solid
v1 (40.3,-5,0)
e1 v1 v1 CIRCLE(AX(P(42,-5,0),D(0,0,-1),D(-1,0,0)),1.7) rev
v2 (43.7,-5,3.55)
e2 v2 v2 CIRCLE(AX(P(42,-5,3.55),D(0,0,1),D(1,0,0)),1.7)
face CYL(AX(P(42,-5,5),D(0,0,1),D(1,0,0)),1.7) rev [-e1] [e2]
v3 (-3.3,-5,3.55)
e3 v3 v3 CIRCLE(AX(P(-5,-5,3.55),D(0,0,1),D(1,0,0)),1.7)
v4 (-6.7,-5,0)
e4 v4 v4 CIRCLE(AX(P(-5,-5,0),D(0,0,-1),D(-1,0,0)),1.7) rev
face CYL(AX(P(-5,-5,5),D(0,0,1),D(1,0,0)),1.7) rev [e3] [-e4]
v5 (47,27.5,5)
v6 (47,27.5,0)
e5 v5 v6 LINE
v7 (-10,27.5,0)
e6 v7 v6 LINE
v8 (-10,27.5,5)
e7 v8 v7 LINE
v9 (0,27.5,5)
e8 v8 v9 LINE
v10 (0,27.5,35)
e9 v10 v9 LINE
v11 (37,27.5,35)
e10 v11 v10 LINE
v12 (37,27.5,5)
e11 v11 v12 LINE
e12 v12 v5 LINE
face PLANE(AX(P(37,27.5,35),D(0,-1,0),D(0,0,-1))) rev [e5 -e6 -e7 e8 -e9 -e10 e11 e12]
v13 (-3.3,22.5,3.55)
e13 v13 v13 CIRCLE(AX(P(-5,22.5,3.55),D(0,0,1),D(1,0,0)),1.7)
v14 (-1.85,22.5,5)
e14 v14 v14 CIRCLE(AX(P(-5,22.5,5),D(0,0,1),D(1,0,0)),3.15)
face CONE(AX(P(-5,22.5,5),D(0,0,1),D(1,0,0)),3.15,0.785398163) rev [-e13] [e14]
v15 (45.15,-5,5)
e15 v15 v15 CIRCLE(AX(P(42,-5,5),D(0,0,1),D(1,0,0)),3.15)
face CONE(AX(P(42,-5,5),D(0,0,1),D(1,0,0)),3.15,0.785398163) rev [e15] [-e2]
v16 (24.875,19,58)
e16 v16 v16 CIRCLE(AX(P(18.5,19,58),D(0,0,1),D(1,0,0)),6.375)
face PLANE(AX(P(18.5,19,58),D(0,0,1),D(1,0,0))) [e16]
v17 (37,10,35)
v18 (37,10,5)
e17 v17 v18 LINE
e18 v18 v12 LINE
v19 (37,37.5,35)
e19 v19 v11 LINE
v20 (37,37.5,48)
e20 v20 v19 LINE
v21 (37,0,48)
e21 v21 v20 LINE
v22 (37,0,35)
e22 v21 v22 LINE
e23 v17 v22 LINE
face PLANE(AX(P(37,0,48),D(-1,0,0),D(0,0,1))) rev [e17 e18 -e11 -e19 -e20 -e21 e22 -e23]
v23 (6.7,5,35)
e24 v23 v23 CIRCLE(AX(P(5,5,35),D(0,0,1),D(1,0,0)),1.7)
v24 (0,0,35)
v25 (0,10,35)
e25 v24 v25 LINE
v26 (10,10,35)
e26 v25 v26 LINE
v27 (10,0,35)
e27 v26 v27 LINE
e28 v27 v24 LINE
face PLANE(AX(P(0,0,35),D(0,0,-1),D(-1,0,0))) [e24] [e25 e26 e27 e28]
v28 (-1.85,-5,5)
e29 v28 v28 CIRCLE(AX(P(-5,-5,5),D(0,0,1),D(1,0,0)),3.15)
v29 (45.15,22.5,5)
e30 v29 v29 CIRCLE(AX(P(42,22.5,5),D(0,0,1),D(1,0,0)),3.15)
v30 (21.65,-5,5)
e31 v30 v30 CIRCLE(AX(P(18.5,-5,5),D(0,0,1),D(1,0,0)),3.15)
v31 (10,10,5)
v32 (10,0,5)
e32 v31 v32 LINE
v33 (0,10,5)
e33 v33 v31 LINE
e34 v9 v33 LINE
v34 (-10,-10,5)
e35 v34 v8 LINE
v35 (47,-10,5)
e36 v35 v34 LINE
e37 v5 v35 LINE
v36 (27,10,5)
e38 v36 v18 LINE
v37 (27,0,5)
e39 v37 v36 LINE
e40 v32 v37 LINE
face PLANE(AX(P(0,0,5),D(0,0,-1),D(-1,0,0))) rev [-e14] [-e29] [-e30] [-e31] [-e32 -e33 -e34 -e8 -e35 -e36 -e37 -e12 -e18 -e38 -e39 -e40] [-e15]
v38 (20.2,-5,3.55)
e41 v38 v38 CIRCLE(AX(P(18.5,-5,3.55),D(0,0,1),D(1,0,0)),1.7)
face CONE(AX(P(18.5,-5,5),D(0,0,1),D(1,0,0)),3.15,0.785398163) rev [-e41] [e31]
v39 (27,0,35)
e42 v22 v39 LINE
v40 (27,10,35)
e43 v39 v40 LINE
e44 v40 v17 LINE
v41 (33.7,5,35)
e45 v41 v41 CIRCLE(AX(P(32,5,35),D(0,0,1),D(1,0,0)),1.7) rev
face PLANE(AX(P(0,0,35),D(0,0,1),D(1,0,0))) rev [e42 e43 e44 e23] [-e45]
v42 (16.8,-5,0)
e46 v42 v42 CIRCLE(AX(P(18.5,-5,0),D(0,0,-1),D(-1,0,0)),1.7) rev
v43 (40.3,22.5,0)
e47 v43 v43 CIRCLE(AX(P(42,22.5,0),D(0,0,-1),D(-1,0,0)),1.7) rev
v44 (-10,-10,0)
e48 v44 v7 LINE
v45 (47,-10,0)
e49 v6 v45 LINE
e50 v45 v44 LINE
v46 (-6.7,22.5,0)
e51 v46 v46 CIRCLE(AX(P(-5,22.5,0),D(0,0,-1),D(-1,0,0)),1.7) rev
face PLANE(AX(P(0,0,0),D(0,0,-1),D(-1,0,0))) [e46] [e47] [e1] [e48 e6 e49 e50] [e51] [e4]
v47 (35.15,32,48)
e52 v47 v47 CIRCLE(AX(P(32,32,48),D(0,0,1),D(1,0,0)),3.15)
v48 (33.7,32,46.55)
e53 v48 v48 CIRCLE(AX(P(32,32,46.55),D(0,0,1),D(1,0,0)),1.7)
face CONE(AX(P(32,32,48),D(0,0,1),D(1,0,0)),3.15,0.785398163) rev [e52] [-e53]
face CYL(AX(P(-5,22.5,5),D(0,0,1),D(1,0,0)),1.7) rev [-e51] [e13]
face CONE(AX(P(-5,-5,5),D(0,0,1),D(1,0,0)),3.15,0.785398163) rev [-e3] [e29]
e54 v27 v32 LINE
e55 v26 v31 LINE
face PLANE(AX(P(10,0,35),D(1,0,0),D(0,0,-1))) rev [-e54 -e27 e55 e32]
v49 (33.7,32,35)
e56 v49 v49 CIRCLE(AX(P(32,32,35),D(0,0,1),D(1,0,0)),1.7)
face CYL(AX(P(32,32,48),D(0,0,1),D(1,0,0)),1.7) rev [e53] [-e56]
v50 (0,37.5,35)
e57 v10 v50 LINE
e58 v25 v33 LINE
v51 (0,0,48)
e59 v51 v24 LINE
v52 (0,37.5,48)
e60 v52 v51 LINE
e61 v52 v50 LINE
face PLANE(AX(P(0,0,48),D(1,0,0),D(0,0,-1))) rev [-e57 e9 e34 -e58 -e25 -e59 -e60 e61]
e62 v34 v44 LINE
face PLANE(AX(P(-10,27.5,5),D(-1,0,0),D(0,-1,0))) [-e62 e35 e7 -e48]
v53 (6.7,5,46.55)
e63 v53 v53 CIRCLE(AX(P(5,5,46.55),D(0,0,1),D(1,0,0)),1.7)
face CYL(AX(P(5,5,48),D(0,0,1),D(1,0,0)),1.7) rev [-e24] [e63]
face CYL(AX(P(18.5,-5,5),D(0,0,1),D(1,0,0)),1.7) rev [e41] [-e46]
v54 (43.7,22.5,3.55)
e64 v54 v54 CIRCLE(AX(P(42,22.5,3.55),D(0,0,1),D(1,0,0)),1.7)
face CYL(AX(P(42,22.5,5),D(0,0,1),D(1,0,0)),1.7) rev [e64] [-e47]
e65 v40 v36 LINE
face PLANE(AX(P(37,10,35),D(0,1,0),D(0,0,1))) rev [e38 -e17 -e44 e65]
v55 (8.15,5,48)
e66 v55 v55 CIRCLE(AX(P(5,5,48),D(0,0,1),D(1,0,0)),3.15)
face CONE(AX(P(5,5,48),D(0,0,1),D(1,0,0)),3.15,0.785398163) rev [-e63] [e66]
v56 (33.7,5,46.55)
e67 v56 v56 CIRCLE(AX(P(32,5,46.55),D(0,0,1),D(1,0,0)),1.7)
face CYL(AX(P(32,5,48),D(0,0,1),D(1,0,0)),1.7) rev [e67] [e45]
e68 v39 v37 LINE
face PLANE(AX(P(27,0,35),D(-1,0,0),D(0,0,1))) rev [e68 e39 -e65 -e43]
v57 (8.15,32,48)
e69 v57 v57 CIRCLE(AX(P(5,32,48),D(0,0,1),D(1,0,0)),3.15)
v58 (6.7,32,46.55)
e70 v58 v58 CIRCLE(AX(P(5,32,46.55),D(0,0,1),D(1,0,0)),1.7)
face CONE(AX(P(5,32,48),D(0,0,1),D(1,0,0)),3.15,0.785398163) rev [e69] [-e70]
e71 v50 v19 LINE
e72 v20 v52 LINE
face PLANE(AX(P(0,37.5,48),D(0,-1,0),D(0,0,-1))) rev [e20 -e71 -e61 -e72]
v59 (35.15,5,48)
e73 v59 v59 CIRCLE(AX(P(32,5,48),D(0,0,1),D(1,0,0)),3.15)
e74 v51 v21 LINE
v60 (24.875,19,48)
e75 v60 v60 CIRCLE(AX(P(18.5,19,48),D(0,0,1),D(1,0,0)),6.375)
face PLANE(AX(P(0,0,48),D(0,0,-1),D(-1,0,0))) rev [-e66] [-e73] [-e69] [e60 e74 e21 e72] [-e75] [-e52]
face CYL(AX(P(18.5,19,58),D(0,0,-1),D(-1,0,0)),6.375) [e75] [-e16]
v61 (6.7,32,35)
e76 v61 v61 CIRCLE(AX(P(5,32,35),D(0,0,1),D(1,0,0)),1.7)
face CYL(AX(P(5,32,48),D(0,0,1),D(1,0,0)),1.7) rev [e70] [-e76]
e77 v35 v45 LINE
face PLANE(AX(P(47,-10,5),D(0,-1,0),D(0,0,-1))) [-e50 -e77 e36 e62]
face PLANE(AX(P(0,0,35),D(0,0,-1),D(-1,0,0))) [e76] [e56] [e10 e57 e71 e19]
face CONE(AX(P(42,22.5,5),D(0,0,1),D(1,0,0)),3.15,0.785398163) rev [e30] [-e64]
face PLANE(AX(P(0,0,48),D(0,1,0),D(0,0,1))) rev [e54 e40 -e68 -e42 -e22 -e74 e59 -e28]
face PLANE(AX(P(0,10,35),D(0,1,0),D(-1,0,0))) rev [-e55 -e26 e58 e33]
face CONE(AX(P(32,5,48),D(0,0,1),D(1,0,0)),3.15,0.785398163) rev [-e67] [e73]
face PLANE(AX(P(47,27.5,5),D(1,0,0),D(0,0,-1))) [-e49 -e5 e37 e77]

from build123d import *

# Parameters (mm, degrees)
ESQUISSE1_W                                       = 37
ESQUISSE1_H                                       = 37.5
BOSS_EXTRU_1_DEPTH                                = 48
ESQUISSE2_R                                       = 6.375
BOSS_EXTRU_2_DEPTH                                = 10
ENL_V_START                                       = -5
ESQUISSE10_W                                      = 10
ESQUISSE10_H                                      = 10
ESQUISSE10_W_2                                    = 37
ENL_V_MAT_EXTRU_1_DEPTH                           = 30
FRAISAGE_POUR_VIS_T_TE_FRAIS_E_BOMB_E_D           = 3.4
FRAISAGE_POUR_VIS_T_TE_FRAIS_E_BOMB_E_DEPTH       = 13
FRAISAGE_POUR_VIS_T_TE_FRAIS_E_BOMB_E_CSINK_D     = 6.3
FRAISAGE_POUR_VIS_T_TE_FRAIS_E_BOMB_E_CSINK_ANGLE = 90
FRAISAGE_POUR_VIS_T_TE_FRAIS_E_BOMB_E_TIP         = 1.021463052
BOSS_EXTRU_5_DEPTH                                = 5
ESQUISSE12_W                                      = 37
ESQUISSE12_H                                      = 10
ENL_V_MAT_EXTRU_2_DEPTH                           = 5
FRAISAGE_POUR_VIS_T_TE_FRAIS_E_BOM_2_D            = 3.4
FRAISAGE_POUR_VIS_T_TE_FRAIS_E_BOM_2_DEPTH        = 5
FRAISAGE_POUR_VIS_T_TE_FRAIS_E_BOM_2_CSINK_D      = 6.3
FRAISAGE_POUR_VIS_T_TE_FRAIS_E_BOM_2_CSINK_ANGLE  = 90
FRAISAGE_POUR_VIS_T_TE_FRAIS_E_BOM_2_TIP          = 1.021463052


with BuildPart() as part:
    # Esquisse1 → Boss.-Extru.1 (new body)
    with BuildSketch(Plane.XY):
        with Locations((18.5, 18.75)):
            Rectangle(ESQUISSE1_W, ESQUISSE1_H)
    extrude(amount=BOSS_EXTRU_1_DEPTH)

    # Esquisse2 → Boss.-Extru.2 (add)
    with BuildSketch(Plane.XY.offset(48)):
        with Locations((18.5, 19)):
            Circle(ESQUISSE2_R)
    extrude(amount=BOSS_EXTRU_2_DEPTH)

    # Esquisse10 → Enlèv. mat.-Extru.1 (cut)
    with BuildSketch(Plane(origin=(0, 0, 0), x_dir=(-1, 0, 0), z_dir=(0, 0, -1)).offset(ENL_V_START)):
        with Locations((-32, 5)):
            Rectangle(ESQUISSE10_W, ESQUISSE10_H)
        with Locations((-18.5, 32.5)):
            Rectangle(ESQUISSE10_W_2, ESQUISSE10_H)
        with Locations((-5, 5)):
            Rectangle(ESQUISSE10_W, ESQUISSE10_H)
    extrude(amount=-ENL_V_MAT_EXTRU_1_DEPTH, mode=Mode.SUBTRACT)

    # Fraisage pour vis _ t_te frais_e bomb_e
    with Locations(Plane.XY.offset(48)):
        with Locations((5, 32), (32, 32), (32, 5), (5, 5)):
            CounterSinkHole(FRAISAGE_POUR_VIS_T_TE_FRAIS_E_BOMB_E_D / 2, FRAISAGE_POUR_VIS_T_TE_FRAIS_E_BOMB_E_CSINK_D / 2, depth=FRAISAGE_POUR_VIS_T_TE_FRAIS_E_BOMB_E_DEPTH, counter_sink_angle=FRAISAGE_POUR_VIS_T_TE_FRAIS_E_BOMB_E_CSINK_ANGLE)
            with Locations((0, 0, -(FRAISAGE_POUR_VIS_T_TE_FRAIS_E_BOMB_E_DEPTH + FRAISAGE_POUR_VIS_T_TE_FRAIS_E_BOMB_E_TIP / 2))):  # 118° drill point
                Cone(0, FRAISAGE_POUR_VIS_T_TE_FRAIS_E_BOMB_E_D / 2, FRAISAGE_POUR_VIS_T_TE_FRAIS_E_BOMB_E_TIP, mode=Mode.SUBTRACT)

    # Esquisse11 → Boss.-Extru.5 (add)
    with BuildSketch(Plane(origin=(0, 0, 0), x_dir=(-1, 0, 0), z_dir=(0, 0, -1))):
        Polygon((-37, 27.5), (-47, 27.5), (-47, -10), (10, -10), (10, 27.5), (0, 27.5), (0, 0), (-37, 0), align=None)
    extrude(amount=-BOSS_EXTRU_5_DEPTH)

    # Esquisse12 → Enlèv. mat.-Extru.2 (cut)
    with BuildSketch(Plane(origin=(0, 0, 0), x_dir=(-1, 0, 0), z_dir=(0, 0, -1))):
        with Locations((-18.5, 32.5)):
            Rectangle(ESQUISSE12_W, ESQUISSE12_H)
    extrude(amount=-ENL_V_MAT_EXTRU_2_DEPTH, mode=Mode.SUBTRACT)

    # Fraisage pour vis _ t_te frais_e bom 2
    with Locations(Plane.XY.offset(5)):
        with Locations((-5, 22.5), (-5, -5), (18.5, -5), (42, -5), (42, 22.5)):
            CounterSinkHole(FRAISAGE_POUR_VIS_T_TE_FRAIS_E_BOM_2_D / 2, FRAISAGE_POUR_VIS_T_TE_FRAIS_E_BOM_2_CSINK_D / 2, depth=FRAISAGE_POUR_VIS_T_TE_FRAIS_E_BOM_2_DEPTH, counter_sink_angle=FRAISAGE_POUR_VIS_T_TE_FRAIS_E_BOM_2_CSINK_ANGLE)
            with Locations((0, 0, -(FRAISAGE_POUR_VIS_T_TE_FRAIS_E_BOM_2_DEPTH + FRAISAGE_POUR_VIS_T_TE_FRAIS_E_BOM_2_TIP / 2))):  # 118° drill point
                Cone(0, FRAISAGE_POUR_VIS_T_TE_FRAIS_E_BOM_2_D / 2, FRAISAGE_POUR_VIS_T_TE_FRAIS_E_BOM_2_TIP, mode=Mode.SUBTRACT)


solid = part.part
